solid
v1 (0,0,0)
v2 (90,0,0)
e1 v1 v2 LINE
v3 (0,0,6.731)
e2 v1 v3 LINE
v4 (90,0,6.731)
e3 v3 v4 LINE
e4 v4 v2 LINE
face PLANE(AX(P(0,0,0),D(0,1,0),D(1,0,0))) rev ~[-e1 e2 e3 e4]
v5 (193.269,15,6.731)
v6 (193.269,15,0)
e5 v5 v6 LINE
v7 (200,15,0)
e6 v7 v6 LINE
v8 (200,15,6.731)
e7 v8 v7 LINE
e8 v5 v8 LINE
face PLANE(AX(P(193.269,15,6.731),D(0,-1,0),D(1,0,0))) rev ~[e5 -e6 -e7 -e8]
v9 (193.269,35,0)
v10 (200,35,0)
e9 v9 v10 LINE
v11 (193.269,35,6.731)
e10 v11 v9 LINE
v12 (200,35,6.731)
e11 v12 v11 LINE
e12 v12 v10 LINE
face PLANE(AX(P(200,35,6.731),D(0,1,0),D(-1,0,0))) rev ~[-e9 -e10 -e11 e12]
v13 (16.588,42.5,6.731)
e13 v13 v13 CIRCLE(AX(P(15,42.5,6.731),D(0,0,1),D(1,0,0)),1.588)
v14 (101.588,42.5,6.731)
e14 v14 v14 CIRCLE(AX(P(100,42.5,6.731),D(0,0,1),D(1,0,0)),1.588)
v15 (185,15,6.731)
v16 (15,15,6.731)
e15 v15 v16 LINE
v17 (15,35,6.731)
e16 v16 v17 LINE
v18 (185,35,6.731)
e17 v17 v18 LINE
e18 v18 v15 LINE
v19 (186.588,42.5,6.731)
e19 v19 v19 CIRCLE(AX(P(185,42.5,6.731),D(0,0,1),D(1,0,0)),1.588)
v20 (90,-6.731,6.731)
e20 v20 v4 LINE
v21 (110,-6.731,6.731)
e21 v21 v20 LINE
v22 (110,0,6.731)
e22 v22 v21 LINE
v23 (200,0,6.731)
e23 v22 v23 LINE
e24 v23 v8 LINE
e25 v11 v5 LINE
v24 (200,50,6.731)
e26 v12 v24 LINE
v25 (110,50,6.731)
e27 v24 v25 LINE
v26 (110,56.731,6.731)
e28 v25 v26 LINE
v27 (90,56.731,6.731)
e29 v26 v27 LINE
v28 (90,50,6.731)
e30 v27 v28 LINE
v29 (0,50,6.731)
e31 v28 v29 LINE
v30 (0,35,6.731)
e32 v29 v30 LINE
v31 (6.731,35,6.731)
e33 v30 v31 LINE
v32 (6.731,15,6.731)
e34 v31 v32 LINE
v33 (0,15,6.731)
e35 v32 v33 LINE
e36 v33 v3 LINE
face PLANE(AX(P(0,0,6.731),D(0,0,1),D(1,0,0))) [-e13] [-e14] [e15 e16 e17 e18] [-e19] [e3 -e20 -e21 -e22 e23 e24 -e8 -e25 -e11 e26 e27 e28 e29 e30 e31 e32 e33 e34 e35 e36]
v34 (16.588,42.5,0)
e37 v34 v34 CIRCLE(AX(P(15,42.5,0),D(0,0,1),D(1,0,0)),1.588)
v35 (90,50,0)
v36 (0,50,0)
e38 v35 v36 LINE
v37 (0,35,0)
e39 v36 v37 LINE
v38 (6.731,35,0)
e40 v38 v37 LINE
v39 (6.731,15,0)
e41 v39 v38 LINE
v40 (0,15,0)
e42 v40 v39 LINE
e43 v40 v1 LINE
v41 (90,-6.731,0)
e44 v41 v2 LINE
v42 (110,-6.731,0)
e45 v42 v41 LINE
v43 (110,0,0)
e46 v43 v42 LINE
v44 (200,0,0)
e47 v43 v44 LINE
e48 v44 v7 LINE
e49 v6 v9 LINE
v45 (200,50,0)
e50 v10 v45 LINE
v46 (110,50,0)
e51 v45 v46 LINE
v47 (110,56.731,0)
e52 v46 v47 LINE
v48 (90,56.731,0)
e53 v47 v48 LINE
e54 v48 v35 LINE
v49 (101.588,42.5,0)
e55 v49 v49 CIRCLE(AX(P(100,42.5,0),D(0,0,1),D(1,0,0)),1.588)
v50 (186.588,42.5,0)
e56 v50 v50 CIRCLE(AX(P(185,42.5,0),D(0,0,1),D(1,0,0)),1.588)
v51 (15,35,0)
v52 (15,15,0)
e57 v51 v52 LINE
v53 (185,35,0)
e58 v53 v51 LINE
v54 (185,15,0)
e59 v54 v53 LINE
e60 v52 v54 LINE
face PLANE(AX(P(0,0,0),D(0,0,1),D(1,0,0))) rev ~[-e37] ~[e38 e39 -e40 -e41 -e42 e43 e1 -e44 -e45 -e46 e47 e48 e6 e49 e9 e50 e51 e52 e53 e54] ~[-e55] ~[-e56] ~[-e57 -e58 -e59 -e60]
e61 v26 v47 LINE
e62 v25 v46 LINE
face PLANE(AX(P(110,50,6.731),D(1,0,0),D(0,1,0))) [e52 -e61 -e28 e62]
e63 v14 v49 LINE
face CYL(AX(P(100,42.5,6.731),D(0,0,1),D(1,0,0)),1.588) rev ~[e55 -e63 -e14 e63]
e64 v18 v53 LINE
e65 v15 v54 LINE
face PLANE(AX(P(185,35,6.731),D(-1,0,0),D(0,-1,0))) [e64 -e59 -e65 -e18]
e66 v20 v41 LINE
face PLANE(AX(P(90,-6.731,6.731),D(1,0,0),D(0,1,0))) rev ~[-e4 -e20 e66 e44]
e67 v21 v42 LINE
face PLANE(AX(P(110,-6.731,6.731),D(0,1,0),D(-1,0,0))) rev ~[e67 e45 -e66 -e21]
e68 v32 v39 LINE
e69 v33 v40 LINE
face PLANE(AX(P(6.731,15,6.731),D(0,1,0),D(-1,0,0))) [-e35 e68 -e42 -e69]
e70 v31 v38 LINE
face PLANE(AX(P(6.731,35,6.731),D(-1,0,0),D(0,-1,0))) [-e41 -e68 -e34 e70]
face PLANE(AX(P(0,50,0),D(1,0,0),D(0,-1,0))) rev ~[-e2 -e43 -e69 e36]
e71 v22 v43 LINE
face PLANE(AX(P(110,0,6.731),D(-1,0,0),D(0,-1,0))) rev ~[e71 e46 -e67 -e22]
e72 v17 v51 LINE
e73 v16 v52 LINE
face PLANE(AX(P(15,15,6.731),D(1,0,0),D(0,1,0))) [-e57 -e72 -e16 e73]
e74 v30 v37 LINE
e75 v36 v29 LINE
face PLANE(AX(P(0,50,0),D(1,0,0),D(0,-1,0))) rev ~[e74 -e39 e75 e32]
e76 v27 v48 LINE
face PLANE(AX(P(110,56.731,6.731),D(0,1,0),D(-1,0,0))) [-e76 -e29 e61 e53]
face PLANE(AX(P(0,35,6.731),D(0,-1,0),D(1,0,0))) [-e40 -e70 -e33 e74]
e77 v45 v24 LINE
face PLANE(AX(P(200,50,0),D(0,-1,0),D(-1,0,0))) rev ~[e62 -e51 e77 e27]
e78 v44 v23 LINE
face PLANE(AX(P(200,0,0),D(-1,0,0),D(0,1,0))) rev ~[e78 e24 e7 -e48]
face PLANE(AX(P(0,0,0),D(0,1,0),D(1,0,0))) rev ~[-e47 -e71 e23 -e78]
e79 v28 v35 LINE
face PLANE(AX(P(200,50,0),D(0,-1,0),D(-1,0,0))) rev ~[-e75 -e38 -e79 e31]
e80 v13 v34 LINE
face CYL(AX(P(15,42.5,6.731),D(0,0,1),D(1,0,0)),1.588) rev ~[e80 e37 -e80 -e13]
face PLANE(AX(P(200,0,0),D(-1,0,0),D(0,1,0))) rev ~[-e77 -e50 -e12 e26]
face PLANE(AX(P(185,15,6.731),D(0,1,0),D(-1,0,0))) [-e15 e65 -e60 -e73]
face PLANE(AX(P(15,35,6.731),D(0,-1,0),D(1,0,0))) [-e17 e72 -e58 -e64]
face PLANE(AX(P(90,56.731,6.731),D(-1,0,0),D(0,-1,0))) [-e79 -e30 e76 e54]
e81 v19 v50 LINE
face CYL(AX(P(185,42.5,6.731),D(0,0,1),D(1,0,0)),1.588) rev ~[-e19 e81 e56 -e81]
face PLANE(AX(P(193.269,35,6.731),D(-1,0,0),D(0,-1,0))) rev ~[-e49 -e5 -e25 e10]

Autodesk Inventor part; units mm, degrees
ref_plane "YZ Plane" through (0, 0, 0) normal (1, 0, 0) x (0, 1, 0)
ref_plane "XZ Plane" through (0, 0, 0) normal (0, 1, 0) x (-1, 0, 0)
ref_plane "XY Plane" through (0, 0, 0) normal (0, 0, 1) x (1, 0, 0)
sketch "Sketch1" plane through (0, 0, 0) normal (0, 0, 1) x (1, 0, 0)
  line L0 (0, 0) -> (200, 0)
  line L1 (200, 0) -> (200, 50)
  line L2 (200, 50) -> (0, 50)
  line L3 (0, 50) -> (0, 0)
  dimension "d0" = 200
  dimension "d1" = 50
extrude "Extrusion1" add sketch "Sketch1" along normal blind 6.731
sketch "Sketch2" plane through (0, 0, 6.731) normal (0, 0, 1) x (1, 0, 0)
  line L0 (200, 50) -> (0, 50) projected
  line L1 (0, 50) -> (0, 0) projected
  line L2 (185, 15) -> (15, 15)
  line L3 (15, 15) -> (15, 35)
  line L4 (15, 35) -> (185, 35)
  line L5 (185, 35) -> (185, 15)
  circle A0 centre (15, 42.5) radius 1.588
  circle A1 centre (185, 42.5) radius 1.588
  circle A2 centre (100, 42.5) radius 1.588
  point P0 (100, 35)
  point P1 (100, 50)
  point P2 (15, 25)
  point P3 (0, 25)
  point P4 (0, 25)
  dimension "d4" = 20
  dimension "d6" = 15
  dimension "d15" = 3.176
  dimension "d18" = 50
  dimension "d23" = 7.5
extrude "Cutout" cut sketch "Sketch2" against normal up to next
sketch "Sketch3" plane through (0, 0, 6.731) normal (0, 0, 1) x (1, 0, 0)
  line L0 (200, 0) -> (200, 50) projected
  line L1 (0, 50) -> (0, 0) projected
  line L2 (0, 35) -> (6.731, 35)
  line L3 (6.731, 35) -> (6.731, 15)
  line L4 (6.731, 15) -> (0, 15)
  line L5 (0, 15) -> (0, 35)
  line L6 (200, 35) -> (193.269, 35)
  line L7 (193.269, 35) -> (193.269, 15)
  line L8 (193.269, 15) -> (200, 15)
  line L9 (200, 15) -> (200, 35)
  point P0 (193.269, 25)
  point P1 (200, 25)
  dimension "d9" = 20
  dimension "d10" = 6.731
extrude "Tabs Neg" cut sketch "Sketch3" against normal up to next
sketch "Sketch4" plane through (0, 0, 6.731) normal (0, 0, 1) x (1, 0, 0)
  line L0 (6.731, 35) -> (6.731, 15) projected
  line L1 (6.731, 15) -> (0, 15) projected
  line L2 (0, 0) -> (200, 0) projected
  line L3 (90, 0) -> (110, 0)
  line L4 (110, 0) -> (110, -6.731)
  line L5 (110, -6.731) -> (90, -6.731)
  line L6 (90, -6.731) -> (90, 0)
  line L7 (200, 50) -> (0, 50) projected
  line L8 (90, 50) -> (110, 50)
  line L9 (110, 50) -> (110, 56.731)
  line L10 (110, 56.731) -> (90, 56.731)
  line L11 (90, 56.731) -> (90, 50)
  point P0 (100, -6.731)
  point P1 (100, 0)
extrude "Tabs Pos" add sketch "Sketch4" against normal blind 6.731
equation "\"d2\" = THICKB"
equation "\"d7\" = THICKB"
equation "\"d10\" = THICKB"
equation "\"d11\" = THICKB"
equation "\"d13\" = THICKB"
equation "\"THICKA\" = 3.175"
equation "\"THICKB\" = 6.731"
equation "\"THICKC\" = 12.7"
equation "\"THICKPLY\" = 5"
equation "\"MAGDIA\" = 9.5"
equation "\"BALLDIA\" = 12"
properties part number "Controller_Back"
